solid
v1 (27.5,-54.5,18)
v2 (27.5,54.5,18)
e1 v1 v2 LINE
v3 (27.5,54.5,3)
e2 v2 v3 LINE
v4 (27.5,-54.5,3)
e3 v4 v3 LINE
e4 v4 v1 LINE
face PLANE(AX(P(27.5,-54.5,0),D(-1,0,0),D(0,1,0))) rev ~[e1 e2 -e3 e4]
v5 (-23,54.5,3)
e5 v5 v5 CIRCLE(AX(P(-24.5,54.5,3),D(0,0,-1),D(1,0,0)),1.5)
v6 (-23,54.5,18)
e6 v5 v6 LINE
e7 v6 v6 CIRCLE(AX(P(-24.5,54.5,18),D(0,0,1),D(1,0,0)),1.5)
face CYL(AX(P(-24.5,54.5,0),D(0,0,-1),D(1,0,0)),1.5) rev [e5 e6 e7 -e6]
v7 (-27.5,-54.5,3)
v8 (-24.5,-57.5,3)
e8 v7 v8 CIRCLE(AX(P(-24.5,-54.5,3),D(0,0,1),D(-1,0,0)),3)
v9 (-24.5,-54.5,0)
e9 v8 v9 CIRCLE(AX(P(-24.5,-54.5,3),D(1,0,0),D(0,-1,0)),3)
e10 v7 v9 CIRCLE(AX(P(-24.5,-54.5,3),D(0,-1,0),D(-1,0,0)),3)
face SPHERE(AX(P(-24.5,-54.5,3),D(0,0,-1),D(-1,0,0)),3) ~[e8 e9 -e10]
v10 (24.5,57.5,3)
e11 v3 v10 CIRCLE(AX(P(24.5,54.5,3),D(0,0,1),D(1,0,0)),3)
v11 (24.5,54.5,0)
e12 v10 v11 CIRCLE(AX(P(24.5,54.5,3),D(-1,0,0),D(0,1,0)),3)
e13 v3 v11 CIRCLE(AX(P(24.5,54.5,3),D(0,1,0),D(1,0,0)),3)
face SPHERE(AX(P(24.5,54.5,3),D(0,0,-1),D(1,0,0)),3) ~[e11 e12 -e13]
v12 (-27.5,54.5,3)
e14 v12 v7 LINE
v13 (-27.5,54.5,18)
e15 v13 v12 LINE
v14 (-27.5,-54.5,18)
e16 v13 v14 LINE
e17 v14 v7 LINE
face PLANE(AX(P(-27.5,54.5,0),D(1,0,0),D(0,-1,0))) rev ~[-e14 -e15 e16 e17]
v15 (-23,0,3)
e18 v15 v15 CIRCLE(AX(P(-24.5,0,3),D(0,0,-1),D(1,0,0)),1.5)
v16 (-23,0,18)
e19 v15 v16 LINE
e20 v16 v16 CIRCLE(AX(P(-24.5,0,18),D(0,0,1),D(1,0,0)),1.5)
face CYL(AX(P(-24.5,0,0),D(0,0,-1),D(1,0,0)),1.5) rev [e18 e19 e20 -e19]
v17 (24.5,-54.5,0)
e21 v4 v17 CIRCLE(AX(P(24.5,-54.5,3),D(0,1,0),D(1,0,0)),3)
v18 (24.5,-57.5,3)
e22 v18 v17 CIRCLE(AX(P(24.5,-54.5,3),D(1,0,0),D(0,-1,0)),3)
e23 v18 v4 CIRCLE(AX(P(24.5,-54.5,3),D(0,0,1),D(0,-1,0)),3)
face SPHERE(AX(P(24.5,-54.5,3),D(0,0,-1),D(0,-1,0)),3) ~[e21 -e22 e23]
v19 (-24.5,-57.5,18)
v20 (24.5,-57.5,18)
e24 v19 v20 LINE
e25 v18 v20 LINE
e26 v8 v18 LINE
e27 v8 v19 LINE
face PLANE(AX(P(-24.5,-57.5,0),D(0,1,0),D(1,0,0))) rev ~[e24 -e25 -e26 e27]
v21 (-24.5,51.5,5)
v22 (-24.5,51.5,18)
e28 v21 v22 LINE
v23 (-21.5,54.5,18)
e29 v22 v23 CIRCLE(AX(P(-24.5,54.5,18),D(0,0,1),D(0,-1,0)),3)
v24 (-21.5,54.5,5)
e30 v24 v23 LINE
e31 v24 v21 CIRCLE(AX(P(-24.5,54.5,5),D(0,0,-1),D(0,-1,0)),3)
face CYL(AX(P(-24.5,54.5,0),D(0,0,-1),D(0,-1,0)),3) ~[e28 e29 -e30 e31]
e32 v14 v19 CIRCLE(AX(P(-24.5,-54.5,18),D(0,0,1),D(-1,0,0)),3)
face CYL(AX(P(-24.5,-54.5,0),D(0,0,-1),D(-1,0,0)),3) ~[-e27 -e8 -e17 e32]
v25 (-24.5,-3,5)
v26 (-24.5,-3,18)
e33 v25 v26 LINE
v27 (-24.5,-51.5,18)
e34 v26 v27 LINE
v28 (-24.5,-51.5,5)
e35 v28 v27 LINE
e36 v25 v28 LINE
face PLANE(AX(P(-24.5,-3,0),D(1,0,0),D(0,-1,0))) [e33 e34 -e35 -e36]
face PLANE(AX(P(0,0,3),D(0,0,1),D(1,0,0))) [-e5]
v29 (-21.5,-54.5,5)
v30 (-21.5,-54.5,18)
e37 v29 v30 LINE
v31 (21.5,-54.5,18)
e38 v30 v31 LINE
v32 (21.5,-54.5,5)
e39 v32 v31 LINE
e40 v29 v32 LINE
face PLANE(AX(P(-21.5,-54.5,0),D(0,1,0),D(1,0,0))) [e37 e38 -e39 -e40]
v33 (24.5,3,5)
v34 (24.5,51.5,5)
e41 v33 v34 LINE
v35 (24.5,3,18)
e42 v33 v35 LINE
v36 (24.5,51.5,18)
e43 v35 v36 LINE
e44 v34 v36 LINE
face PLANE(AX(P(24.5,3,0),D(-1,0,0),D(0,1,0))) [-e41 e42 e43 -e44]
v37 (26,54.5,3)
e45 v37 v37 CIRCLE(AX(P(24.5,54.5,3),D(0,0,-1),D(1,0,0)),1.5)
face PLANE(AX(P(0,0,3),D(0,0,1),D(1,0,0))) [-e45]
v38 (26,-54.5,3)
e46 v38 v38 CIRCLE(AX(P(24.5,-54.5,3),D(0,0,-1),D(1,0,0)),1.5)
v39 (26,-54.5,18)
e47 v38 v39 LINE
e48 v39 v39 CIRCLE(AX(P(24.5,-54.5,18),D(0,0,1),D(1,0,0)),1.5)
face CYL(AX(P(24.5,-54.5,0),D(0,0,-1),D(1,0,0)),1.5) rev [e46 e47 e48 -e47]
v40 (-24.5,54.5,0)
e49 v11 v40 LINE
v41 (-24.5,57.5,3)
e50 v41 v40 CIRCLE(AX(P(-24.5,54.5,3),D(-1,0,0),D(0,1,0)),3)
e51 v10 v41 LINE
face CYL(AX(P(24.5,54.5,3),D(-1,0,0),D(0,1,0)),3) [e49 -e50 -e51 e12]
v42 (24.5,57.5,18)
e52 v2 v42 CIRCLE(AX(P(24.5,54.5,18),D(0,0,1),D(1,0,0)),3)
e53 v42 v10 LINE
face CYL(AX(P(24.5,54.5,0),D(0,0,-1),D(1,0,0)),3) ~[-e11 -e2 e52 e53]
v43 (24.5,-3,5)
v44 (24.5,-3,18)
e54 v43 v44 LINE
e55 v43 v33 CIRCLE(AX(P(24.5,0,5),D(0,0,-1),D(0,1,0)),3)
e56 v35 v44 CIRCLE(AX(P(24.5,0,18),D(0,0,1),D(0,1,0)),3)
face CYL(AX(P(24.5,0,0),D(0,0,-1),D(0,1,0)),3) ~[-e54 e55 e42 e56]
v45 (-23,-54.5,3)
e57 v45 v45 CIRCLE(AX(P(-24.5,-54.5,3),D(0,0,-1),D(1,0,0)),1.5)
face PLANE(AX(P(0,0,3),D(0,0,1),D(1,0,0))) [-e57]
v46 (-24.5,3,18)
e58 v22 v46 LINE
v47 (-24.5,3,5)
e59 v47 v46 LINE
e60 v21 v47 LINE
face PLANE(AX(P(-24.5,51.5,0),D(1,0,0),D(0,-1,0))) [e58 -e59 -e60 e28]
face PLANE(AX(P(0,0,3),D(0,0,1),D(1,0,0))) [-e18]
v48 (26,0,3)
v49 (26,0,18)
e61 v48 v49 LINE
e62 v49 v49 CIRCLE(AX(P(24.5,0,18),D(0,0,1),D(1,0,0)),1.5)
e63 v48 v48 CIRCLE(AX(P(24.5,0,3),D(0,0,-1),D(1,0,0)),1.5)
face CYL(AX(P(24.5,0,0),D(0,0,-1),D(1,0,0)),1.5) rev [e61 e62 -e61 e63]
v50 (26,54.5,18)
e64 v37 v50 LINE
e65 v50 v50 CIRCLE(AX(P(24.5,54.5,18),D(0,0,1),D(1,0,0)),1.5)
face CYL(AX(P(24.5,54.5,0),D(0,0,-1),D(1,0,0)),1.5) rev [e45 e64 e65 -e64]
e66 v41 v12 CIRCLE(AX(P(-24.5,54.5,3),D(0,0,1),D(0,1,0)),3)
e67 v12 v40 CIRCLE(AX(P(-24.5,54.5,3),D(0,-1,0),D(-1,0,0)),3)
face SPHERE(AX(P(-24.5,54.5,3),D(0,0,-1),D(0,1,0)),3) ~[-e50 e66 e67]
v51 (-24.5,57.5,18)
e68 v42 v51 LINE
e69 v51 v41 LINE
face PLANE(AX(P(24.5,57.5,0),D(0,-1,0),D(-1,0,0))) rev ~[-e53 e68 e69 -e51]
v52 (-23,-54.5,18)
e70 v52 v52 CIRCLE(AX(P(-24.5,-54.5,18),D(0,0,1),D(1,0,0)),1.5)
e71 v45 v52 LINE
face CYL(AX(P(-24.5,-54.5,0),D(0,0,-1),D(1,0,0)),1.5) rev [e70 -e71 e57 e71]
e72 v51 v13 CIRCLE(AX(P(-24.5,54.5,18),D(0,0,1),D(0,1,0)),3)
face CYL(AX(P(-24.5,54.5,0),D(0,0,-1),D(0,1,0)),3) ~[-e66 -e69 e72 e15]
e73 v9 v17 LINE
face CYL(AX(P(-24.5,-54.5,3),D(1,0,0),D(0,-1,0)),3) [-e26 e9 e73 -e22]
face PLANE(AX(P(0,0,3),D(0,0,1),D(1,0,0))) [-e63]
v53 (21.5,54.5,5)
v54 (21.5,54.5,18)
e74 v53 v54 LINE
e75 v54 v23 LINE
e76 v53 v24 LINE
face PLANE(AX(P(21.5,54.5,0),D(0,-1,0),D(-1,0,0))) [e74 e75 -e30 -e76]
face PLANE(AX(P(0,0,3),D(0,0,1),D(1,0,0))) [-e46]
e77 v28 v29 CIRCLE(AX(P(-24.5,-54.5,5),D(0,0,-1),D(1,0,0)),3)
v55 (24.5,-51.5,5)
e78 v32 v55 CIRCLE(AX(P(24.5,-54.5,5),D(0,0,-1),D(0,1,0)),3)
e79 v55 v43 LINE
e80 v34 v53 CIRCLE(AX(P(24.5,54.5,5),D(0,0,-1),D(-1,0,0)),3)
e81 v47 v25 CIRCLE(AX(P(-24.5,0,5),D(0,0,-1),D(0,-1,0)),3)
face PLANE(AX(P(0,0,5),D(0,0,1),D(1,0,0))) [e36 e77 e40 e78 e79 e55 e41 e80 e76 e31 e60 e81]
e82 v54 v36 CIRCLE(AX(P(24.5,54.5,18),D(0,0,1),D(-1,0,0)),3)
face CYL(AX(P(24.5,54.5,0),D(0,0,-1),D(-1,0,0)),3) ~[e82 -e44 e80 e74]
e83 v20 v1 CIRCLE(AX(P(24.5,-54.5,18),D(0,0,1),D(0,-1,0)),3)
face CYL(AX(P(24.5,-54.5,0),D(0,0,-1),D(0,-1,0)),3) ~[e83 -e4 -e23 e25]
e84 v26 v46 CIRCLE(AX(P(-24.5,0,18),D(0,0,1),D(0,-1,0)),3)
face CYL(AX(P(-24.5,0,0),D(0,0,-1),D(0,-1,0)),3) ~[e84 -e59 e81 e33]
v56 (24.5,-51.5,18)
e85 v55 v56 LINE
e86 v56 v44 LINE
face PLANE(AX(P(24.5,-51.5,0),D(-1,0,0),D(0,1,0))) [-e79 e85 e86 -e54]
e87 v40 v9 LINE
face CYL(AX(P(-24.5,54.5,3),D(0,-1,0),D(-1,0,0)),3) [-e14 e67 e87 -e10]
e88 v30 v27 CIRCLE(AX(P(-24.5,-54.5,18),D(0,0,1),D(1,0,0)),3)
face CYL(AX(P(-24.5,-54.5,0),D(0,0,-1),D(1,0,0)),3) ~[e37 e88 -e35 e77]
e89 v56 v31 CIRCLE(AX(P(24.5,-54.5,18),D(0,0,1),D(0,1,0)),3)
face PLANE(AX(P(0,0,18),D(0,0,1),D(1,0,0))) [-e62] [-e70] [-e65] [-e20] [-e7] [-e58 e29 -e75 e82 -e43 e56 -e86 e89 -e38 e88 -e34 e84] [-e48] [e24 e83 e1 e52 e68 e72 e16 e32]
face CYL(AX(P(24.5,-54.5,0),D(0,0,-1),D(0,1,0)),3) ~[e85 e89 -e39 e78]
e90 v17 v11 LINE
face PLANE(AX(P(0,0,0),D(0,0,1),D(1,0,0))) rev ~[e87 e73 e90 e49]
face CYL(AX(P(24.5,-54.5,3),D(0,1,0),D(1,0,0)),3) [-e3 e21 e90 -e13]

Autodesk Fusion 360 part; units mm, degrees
sketch "Boceto1" plane through (0, 0, 0) normal (0, 0, 1) x (1, 0, 0)
  line L0 (-24.5, -57.5) -> (24.5, -57.5)
  line L1 (27.5, -54.5) -> (27.5, 54.5)
  line L2 (24.5, 57.5) -> (-24.5, 57.5)
  line L3 (-27.5, 54.5) -> (-27.5, -54.5)
  arc A0 (-24.5, 57.5) -> (-27.5, 54.5) centre (-24.5, 54.5) ccw
  arc A1 (27.5, 54.5) -> (24.5, 57.5) centre (24.5, 54.5) ccw
  arc A2 (-27.5, -54.5) -> (-24.5, -57.5) centre (-24.5, -54.5) ccw
  arc A3 (24.5, -57.5) -> (27.5, -54.5) centre (24.5, -54.5) ccw
  circle A4 centre (-24.5, 54.5) radius 1.5
  circle A5 centre (24.5, 54.5) radius 1.5
  circle A6 centre (-24.5, -54.5) radius 1.5
  circle A7 centre (24.5, -54.5) radius 1.5
  line L4 (21.5, 54.5) -> (-21.5, 54.5)
  line L5 (-27.5, -57.5) -> (-26.9159, -56.2786) construction
  arc A8 (-27.5, -54.5) -> (-24.5, -57.5) centre (-24.5, -54.5) ccw
  arc A9 (-21.5, -54.5) -> (-24.5, -51.5) centre (-24.5, -54.5) ccw
  line L6 (-21.5, -54.5) -> (21.5, -54.5)
  arc A10 (24.5, -57.5) -> (27.5, -54.5) centre (24.5, -54.5) ccw
  arc A11 (24.5, -51.5) -> (21.5, -54.5) centre (24.5, -54.5) ccw
  line L7 (27.5, -57.5) -> (26.9159, -56.2786) construction
  arc A12 (27.5, 54.5) -> (24.5, 57.5) centre (24.5, 54.5) ccw
  arc A13 (21.5, 54.5) -> (24.5, 51.5) centre (24.5, 54.5) ccw
  arc A14 (-24.5, 57.5) -> (-27.5, 54.5) centre (-24.5, 54.5) ccw
  arc A15 (-24.5, 51.5) -> (-21.5, 54.5) centre (-24.5, 54.5) ccw
  circle A16 centre (-24.5, 0) radius 1.5
  line L8 (-24.5, 51.5) -> (-24.5, 3)
  line L9 (-24.5, -3) -> (-24.5, -51.5)
  arc A17 (-24.5, -3) -> (-24.5, 3) centre (-24.5, 0) ccw
  circle A18 centre (24.5, 0) radius 1.5
  line L10 (24.5, -51.5) -> (24.5, -3)
  line L11 (24.5, 3) -> (24.5, 51.5)
  arc A19 (24.5, 3) -> (24.5, -3) centre (24.5, 0) ccw
  dimension "d3" = 3
  dimension "d4" = 3
  dimension "d5" = 3
  dimension "d6" = 3
  dimension "d7" = 6
  dimension "d8" = 6
  dimension "d9" = 6
  dimension "d10" = 6
  dimension "d11" = 3
  dimension "d12" = 3
  dimension "d13" = 3
  dimension "d14" = 3
  dimension "d15" = 6
  dimension "d16" = 3
  dimension "d17" = 6
  dimension "d18" = 3
extrude "Extruir1" add sketch "Boceto1" along normal blind 18
extrude "Extruir2" cut sketch "Boceto1" along normal blind 3 contours L0 L1 L2 L3 A0 A1 A2 A3 A8 A10 A12 A14 | A4 | A5 | A6 | A7 | L4 A9 L6 A11 A13 A15 L8 L9 A17 L10 L11 A19 | A16 | A18
extrude "Extruir3" add sketch "Boceto1" along normal blind 3 contours L0 L1 L2 L3 A0 A1 A2 A3 A8 A10 A12 A14 | A4 | A5 | A6 | A7 | L4 A9 L6 A11 A13 A15 L8 L9 A17 L10 L11 A19 | A16 | A18
fillet "Empalme1" radius 3 1 faces at (-9.1667, 18.1667, 0)
extrude "Extruir4" add 1 faces at (-7.4865, 35.5549, 3) along direction (0, 0, 1) blind 2
